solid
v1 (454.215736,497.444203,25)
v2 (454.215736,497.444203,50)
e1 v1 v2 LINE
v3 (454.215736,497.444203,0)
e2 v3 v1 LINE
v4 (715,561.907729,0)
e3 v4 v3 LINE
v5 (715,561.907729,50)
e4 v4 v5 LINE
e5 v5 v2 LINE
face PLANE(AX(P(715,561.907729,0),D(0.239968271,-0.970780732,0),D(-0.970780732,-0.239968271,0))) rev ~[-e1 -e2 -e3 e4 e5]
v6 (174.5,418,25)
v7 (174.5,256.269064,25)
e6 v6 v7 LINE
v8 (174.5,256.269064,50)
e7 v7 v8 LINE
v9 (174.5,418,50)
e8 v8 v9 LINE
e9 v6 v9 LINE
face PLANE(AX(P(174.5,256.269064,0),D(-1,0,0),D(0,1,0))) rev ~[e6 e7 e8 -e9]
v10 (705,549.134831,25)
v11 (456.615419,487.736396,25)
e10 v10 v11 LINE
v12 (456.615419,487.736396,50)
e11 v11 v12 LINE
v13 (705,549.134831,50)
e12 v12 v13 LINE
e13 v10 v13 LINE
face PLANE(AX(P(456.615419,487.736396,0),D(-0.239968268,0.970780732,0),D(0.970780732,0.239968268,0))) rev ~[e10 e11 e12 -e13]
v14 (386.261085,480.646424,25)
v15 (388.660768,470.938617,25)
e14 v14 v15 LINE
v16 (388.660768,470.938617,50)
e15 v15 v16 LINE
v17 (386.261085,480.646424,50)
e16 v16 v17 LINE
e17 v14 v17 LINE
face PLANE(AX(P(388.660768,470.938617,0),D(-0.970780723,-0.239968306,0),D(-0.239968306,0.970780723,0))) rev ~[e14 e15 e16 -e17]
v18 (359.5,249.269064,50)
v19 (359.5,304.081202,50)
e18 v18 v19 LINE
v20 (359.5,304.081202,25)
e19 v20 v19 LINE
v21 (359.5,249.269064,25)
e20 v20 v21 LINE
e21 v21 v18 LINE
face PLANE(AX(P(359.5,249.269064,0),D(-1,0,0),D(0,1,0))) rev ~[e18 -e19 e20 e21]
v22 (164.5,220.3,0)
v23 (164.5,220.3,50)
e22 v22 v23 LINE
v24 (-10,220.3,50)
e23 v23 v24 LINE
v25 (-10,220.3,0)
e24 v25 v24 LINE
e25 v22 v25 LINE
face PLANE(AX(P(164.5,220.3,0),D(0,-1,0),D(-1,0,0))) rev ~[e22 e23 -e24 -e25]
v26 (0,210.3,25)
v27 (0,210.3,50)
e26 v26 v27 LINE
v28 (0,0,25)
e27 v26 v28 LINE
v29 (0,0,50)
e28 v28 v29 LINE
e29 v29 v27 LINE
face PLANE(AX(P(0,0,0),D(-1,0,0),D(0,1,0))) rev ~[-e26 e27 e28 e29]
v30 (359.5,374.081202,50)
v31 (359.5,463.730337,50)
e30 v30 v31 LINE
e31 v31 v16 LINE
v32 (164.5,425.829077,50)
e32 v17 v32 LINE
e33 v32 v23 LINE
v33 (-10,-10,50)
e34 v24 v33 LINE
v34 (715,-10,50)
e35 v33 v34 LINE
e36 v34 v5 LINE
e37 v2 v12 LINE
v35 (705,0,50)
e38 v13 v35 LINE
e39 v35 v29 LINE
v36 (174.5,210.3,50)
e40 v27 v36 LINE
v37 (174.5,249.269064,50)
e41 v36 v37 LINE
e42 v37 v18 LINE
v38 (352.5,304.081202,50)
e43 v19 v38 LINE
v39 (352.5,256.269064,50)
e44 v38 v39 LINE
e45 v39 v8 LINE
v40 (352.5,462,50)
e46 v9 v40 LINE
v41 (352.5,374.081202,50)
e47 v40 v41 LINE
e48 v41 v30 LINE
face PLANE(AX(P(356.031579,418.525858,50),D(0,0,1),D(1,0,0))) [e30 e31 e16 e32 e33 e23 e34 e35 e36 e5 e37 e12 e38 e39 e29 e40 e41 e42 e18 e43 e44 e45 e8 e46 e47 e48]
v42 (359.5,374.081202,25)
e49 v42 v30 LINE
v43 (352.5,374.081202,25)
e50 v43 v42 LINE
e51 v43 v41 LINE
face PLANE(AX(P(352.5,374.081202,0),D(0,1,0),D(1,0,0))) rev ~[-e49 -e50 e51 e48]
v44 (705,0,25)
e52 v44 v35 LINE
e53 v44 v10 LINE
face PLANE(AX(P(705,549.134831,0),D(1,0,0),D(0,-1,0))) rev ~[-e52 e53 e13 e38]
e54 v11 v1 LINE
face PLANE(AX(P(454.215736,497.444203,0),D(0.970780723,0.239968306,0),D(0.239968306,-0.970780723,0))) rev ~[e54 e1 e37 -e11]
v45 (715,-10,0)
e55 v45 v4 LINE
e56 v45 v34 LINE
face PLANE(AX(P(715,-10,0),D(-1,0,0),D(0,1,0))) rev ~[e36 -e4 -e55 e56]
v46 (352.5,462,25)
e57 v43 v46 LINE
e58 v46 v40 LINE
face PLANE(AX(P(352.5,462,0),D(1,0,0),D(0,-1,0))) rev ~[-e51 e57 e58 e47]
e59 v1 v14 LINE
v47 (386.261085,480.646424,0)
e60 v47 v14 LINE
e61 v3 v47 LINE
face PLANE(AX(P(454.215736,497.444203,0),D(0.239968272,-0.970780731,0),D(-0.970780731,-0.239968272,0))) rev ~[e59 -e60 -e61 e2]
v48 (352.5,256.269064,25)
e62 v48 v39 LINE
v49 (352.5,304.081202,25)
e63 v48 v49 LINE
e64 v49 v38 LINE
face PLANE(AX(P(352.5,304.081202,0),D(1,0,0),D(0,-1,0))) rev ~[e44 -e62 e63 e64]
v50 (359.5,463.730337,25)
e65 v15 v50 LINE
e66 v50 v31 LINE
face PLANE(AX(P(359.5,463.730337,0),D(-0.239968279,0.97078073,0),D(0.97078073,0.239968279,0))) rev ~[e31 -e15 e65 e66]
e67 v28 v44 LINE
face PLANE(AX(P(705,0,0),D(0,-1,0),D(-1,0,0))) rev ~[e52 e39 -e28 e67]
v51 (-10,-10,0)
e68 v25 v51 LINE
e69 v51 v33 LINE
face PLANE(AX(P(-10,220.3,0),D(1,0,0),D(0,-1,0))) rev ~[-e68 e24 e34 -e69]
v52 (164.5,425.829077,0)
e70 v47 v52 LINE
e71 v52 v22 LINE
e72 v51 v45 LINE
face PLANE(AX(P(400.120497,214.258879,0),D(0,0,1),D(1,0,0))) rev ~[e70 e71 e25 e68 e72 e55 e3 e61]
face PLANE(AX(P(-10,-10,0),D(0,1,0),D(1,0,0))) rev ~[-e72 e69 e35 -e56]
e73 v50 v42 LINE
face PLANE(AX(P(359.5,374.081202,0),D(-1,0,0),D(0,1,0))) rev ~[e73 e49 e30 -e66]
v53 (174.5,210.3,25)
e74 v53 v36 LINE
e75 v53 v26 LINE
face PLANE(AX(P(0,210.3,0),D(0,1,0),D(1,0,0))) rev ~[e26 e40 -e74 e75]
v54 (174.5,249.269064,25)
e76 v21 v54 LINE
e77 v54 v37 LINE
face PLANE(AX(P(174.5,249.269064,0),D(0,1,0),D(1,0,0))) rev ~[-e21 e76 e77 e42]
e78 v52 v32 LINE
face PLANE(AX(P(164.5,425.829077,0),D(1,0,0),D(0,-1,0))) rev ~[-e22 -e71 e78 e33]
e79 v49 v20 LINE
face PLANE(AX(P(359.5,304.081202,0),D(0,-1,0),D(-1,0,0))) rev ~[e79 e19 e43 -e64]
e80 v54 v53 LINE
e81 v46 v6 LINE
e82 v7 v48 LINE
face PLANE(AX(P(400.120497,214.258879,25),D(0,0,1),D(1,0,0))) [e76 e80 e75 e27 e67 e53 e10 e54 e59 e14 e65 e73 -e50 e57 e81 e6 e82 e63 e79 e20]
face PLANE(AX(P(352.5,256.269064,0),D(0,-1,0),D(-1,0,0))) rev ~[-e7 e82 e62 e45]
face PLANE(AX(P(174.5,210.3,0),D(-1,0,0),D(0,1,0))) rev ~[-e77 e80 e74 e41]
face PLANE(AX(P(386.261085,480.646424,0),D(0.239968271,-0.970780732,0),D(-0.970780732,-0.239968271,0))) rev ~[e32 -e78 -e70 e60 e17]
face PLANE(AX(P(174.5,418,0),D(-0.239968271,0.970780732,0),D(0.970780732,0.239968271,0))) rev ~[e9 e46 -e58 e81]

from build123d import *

# Parameters (mm, degrees)
F0_W     = 7
F0_H     = 70
F1_DEPTH = 25
F2_DEPTH = 50


with BuildPart() as f1:
    # F0 (on Top) → F1 (new body)
    with BuildSketch(Plane.XY):
        Polygon((0, 210.3), (0, 0), (705, 0), (705, 549.134831), (456.615419, 487.736396), (388.660768, 470.938617), (359.5, 463.730337), (359.5, 451.623291), (359.5, 374.081202), (359.5, 304.081202), (359.5, 249.269064), (174.5, 249.269064), (174.5, 210.3), align=None)
        Polygon((174.5, 418), (174.5, 256.269064), (352.5, 256.269064), (352.5, 304.081202), (352.5, 374.081202), (352.5, 462), align=None)
        Polygon((388.660768, 470.938617), (456.615419, 487.736396), (454.215736, 497.444203), (386.261085, 480.646424), align=None)
        with Locations((356, 339.081202)):
            Rectangle(F0_W, F0_H)
    extrude(amount=F1_DEPTH)

    # F0 (on Top) → F2 (join)
    with BuildSketch(Plane.XY):
        Polygon((359.5, 451.623291), (359.5, 463.730337), (352.5, 462), (352.5, 374.081202), (359.5, 374.081202), align=None)
        Polygon((174.5, 256.269064), (174.5, 249.269064), (359.5, 249.269064), (359.5, 304.081202), (352.5, 304.081202), (352.5, 256.269064), align=None)
        Polygon((705, 0), (0, 0), (0, 210.3), (174.5, 210.3), (174.5, 249.269064), (174.5, 256.269064), (174.5, 418), (352.5, 462), (359.5, 463.730337), (388.660768, 470.938617), (386.261085, 480.646424), (164.5, 425.829077), (164.5, 256.269064), (164.5, 220.3), (-10, 220.3), (-10, -10), (715, -10), (715, 561.907729), (454.215736, 497.444203), (456.615419, 487.736396), (705, 549.134831), align=None)
    extrude(amount=F2_DEPTH)


solid = f1.part
